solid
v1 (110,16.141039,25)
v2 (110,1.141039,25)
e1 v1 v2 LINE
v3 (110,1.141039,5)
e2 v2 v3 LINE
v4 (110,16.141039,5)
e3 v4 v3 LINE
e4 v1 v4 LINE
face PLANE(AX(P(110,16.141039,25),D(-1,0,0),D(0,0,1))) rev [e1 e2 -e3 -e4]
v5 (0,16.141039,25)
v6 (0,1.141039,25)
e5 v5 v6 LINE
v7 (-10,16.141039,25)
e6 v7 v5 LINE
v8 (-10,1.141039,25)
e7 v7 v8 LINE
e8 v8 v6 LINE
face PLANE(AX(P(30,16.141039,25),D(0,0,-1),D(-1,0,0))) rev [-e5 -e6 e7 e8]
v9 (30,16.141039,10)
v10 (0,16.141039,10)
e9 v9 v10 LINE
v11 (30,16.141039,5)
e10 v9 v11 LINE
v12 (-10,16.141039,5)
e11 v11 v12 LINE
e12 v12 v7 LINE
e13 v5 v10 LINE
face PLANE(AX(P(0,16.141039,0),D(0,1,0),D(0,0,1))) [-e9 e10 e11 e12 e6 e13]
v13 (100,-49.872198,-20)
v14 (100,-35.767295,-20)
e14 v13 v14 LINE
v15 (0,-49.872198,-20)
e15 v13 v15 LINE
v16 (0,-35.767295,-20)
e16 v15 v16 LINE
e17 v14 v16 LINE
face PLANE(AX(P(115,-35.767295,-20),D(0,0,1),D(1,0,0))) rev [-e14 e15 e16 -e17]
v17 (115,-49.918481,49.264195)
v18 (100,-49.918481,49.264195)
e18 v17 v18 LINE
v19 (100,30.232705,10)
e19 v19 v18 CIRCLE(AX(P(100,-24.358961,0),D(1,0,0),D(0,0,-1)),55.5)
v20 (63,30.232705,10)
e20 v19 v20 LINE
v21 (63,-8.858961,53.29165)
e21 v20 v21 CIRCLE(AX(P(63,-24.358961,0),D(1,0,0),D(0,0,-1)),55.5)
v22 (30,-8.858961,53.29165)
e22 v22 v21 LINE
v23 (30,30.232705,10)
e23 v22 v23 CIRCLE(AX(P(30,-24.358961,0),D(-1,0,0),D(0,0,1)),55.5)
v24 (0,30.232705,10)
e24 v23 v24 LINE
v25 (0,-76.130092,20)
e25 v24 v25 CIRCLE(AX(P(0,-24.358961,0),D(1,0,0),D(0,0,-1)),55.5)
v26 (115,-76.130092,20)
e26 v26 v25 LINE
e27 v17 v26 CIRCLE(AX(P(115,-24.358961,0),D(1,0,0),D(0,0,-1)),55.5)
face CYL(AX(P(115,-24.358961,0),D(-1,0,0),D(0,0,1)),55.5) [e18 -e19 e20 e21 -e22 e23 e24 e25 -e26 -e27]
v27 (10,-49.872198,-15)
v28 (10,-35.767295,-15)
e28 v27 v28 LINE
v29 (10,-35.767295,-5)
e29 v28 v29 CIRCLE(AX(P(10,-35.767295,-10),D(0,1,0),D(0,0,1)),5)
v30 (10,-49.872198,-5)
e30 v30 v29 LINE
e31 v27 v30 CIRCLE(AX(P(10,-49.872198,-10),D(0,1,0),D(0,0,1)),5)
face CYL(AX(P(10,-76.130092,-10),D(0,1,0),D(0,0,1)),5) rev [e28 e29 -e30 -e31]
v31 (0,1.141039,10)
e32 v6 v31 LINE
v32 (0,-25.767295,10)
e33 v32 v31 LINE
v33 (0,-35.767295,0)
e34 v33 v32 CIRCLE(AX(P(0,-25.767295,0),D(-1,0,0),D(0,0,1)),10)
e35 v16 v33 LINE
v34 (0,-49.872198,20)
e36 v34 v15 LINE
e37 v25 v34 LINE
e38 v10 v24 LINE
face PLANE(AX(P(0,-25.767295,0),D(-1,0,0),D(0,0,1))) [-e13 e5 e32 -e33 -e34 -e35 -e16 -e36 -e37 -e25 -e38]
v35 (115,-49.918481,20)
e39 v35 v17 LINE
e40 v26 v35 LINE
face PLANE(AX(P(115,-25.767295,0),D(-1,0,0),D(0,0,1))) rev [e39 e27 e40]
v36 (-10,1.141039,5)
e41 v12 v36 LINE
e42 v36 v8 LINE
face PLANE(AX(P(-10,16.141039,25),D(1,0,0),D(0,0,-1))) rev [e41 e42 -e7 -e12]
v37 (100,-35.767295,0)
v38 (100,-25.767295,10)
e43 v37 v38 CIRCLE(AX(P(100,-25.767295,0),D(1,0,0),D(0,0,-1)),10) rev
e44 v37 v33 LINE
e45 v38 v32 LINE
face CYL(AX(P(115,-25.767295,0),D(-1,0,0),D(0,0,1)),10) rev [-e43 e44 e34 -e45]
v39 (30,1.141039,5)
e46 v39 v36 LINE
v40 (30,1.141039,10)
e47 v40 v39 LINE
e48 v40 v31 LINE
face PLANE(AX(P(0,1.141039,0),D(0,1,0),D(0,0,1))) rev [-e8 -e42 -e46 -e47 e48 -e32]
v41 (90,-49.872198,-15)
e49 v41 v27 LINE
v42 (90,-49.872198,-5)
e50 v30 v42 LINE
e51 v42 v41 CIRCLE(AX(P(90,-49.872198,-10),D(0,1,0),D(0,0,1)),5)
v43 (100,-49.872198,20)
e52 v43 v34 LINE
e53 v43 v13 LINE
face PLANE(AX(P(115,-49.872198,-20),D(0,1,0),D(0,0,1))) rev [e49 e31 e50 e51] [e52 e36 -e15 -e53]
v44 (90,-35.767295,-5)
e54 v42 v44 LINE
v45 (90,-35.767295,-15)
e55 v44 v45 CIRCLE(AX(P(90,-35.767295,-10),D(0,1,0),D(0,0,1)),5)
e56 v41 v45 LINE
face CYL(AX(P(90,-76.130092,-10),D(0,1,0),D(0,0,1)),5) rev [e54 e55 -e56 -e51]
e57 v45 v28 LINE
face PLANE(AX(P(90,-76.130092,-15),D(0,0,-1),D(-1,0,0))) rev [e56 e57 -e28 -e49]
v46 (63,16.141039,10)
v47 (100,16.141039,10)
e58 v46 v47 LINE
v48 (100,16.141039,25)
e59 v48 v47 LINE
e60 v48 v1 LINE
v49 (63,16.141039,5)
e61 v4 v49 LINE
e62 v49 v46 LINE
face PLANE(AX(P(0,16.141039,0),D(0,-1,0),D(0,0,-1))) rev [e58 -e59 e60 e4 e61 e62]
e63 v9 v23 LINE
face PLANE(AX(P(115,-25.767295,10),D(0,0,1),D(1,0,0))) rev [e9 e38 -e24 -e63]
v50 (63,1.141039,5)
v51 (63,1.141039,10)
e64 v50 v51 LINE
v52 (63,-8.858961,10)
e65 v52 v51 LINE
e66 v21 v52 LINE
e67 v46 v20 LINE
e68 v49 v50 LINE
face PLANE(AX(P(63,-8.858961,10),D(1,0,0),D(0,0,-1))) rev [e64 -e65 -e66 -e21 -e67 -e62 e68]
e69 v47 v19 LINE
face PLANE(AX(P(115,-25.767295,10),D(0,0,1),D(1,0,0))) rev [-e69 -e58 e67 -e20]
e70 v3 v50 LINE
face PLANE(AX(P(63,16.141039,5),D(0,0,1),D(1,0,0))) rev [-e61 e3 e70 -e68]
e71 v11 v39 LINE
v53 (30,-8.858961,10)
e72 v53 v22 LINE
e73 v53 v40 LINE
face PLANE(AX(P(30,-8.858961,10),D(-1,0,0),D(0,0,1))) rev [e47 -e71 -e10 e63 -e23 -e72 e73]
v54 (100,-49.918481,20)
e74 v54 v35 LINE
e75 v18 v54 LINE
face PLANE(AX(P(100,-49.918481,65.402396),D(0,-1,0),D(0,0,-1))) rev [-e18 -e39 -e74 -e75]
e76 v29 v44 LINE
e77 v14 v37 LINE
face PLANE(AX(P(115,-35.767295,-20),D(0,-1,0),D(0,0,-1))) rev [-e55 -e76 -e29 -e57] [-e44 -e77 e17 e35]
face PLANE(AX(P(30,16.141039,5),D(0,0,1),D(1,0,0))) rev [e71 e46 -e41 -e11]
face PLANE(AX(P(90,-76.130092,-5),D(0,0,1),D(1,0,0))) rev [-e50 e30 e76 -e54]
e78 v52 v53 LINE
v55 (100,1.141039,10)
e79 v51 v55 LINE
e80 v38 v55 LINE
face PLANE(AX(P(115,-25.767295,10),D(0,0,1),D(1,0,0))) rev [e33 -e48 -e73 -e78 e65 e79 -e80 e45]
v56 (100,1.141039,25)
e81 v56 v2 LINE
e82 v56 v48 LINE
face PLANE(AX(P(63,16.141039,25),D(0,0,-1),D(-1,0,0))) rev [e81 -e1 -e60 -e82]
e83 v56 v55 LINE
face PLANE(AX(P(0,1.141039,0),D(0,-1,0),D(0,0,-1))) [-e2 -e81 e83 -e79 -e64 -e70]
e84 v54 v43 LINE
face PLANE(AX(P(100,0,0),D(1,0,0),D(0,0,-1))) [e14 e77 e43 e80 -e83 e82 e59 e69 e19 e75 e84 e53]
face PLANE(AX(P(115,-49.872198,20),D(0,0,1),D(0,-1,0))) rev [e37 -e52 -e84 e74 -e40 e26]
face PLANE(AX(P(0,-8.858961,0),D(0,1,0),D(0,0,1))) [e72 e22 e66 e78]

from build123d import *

# Parameters (mm, degrees)
BOSS_EXTRUDE1_DEPTH = 115
SKETCH4_W           = 110.804791126
SKETCH4_H           = 80.151186243
CUT_EXTRUDE1_DEPTH  = 15
SKETCH6_W           = 33
SKETCH6_H           = 45.5
CUT_EXTRUDE2_DEPTH  = 40
CUT_EXTRUDE3_DEPTH  = 144.740217058
SKETCH10_W          = 47
SKETCH10_H          = 20
SKETCH10_W_2        = 40
BOSS_EXTRUDE2_DEPTH = 15


with BuildPart() as part:
    # Sketch3 → Boss-Extrude1 (new body)
    with BuildSketch(Plane(origin=(0, 0, 0), x_dir=(0, 0, -1), z_dir=(1, 0, 0))):
        with BuildLine():
            Line((20, -35.767294724), (20, -49.872197862))
            Line((20, -49.872197862), (-20, -49.872197862))
            Line((-20, -49.872197862), (-20, -76.130091706))
            ThreePointArc((-20, -76.130091706), (-55.256322222, -19.163880915), (-10, 30.232705276))
            Line((-10, 30.232705276), (-10, -25.767294724))
            ThreePointArc((-10, -25.767294724), (-7.071067812, -32.838362535), (0, -35.767294724))
            Line((0, -35.767294724), (20, -35.767294724))
        make_face()
    extrude(amount=BOSS_EXTRUDE1_DEPTH)

    # Sketch4 → Cut-Extrude1 (cut)
    with BuildSketch(Plane(origin=(115, 0, 0), x_dir=(0, 0, -1), z_dir=(1, 0, 0))):
        with Locations((-10, -9.842887845)):
            Rectangle(SKETCH4_W, SKETCH4_H)
    extrude(amount=-CUT_EXTRUDE1_DEPTH, mode=Mode.SUBTRACT)

    # Sketch6 → Cut-Extrude2 (cut)
    with BuildSketch(Plane(origin=(0, 31.141039246, 0), x_dir=(1, 0, 0), z_dir=(0, 1, 0))):
        with Locations((46.5, -32.75)):
            Rectangle(SKETCH6_W, SKETCH6_H)
    extrude(amount=-CUT_EXTRUDE2_DEPTH, mode=Mode.SUBTRACT)

    # Sketch9 → Cut-Extrude3 (cut, through all)
    with BuildSketch(Plane(origin=(0, -35.767294724, 0), x_dir=(1, 0, 0), z_dir=(0, 1, 0))):
        with BuildLine():
            Line((90, 5), (10, 5))
            ThreePointArc((10, 5), (5, 10), (10, 15))
            Line((10, 15), (90, 15))
            ThreePointArc((90, 15), (95, 10), (90, 5))
        make_face()
    extrude(amount=-CUT_EXTRUDE3_DEPTH, mode=Mode.SUBTRACT)

    # Sketch10 → Boss-Extrude2 (add)
    with BuildSketch(Plane(origin=(0, 1.141039246, 0), x_dir=(1, 0, 0), z_dir=(0, 1, 0))):
        with Locations((86.5, -15)):
            Rectangle(SKETCH10_W, SKETCH10_H)
        with Locations((10, -15)):
            Rectangle(SKETCH10_W_2, SKETCH10_H)
    extrude(amount=BOSS_EXTRUDE2_DEPTH)


solid = part.part
